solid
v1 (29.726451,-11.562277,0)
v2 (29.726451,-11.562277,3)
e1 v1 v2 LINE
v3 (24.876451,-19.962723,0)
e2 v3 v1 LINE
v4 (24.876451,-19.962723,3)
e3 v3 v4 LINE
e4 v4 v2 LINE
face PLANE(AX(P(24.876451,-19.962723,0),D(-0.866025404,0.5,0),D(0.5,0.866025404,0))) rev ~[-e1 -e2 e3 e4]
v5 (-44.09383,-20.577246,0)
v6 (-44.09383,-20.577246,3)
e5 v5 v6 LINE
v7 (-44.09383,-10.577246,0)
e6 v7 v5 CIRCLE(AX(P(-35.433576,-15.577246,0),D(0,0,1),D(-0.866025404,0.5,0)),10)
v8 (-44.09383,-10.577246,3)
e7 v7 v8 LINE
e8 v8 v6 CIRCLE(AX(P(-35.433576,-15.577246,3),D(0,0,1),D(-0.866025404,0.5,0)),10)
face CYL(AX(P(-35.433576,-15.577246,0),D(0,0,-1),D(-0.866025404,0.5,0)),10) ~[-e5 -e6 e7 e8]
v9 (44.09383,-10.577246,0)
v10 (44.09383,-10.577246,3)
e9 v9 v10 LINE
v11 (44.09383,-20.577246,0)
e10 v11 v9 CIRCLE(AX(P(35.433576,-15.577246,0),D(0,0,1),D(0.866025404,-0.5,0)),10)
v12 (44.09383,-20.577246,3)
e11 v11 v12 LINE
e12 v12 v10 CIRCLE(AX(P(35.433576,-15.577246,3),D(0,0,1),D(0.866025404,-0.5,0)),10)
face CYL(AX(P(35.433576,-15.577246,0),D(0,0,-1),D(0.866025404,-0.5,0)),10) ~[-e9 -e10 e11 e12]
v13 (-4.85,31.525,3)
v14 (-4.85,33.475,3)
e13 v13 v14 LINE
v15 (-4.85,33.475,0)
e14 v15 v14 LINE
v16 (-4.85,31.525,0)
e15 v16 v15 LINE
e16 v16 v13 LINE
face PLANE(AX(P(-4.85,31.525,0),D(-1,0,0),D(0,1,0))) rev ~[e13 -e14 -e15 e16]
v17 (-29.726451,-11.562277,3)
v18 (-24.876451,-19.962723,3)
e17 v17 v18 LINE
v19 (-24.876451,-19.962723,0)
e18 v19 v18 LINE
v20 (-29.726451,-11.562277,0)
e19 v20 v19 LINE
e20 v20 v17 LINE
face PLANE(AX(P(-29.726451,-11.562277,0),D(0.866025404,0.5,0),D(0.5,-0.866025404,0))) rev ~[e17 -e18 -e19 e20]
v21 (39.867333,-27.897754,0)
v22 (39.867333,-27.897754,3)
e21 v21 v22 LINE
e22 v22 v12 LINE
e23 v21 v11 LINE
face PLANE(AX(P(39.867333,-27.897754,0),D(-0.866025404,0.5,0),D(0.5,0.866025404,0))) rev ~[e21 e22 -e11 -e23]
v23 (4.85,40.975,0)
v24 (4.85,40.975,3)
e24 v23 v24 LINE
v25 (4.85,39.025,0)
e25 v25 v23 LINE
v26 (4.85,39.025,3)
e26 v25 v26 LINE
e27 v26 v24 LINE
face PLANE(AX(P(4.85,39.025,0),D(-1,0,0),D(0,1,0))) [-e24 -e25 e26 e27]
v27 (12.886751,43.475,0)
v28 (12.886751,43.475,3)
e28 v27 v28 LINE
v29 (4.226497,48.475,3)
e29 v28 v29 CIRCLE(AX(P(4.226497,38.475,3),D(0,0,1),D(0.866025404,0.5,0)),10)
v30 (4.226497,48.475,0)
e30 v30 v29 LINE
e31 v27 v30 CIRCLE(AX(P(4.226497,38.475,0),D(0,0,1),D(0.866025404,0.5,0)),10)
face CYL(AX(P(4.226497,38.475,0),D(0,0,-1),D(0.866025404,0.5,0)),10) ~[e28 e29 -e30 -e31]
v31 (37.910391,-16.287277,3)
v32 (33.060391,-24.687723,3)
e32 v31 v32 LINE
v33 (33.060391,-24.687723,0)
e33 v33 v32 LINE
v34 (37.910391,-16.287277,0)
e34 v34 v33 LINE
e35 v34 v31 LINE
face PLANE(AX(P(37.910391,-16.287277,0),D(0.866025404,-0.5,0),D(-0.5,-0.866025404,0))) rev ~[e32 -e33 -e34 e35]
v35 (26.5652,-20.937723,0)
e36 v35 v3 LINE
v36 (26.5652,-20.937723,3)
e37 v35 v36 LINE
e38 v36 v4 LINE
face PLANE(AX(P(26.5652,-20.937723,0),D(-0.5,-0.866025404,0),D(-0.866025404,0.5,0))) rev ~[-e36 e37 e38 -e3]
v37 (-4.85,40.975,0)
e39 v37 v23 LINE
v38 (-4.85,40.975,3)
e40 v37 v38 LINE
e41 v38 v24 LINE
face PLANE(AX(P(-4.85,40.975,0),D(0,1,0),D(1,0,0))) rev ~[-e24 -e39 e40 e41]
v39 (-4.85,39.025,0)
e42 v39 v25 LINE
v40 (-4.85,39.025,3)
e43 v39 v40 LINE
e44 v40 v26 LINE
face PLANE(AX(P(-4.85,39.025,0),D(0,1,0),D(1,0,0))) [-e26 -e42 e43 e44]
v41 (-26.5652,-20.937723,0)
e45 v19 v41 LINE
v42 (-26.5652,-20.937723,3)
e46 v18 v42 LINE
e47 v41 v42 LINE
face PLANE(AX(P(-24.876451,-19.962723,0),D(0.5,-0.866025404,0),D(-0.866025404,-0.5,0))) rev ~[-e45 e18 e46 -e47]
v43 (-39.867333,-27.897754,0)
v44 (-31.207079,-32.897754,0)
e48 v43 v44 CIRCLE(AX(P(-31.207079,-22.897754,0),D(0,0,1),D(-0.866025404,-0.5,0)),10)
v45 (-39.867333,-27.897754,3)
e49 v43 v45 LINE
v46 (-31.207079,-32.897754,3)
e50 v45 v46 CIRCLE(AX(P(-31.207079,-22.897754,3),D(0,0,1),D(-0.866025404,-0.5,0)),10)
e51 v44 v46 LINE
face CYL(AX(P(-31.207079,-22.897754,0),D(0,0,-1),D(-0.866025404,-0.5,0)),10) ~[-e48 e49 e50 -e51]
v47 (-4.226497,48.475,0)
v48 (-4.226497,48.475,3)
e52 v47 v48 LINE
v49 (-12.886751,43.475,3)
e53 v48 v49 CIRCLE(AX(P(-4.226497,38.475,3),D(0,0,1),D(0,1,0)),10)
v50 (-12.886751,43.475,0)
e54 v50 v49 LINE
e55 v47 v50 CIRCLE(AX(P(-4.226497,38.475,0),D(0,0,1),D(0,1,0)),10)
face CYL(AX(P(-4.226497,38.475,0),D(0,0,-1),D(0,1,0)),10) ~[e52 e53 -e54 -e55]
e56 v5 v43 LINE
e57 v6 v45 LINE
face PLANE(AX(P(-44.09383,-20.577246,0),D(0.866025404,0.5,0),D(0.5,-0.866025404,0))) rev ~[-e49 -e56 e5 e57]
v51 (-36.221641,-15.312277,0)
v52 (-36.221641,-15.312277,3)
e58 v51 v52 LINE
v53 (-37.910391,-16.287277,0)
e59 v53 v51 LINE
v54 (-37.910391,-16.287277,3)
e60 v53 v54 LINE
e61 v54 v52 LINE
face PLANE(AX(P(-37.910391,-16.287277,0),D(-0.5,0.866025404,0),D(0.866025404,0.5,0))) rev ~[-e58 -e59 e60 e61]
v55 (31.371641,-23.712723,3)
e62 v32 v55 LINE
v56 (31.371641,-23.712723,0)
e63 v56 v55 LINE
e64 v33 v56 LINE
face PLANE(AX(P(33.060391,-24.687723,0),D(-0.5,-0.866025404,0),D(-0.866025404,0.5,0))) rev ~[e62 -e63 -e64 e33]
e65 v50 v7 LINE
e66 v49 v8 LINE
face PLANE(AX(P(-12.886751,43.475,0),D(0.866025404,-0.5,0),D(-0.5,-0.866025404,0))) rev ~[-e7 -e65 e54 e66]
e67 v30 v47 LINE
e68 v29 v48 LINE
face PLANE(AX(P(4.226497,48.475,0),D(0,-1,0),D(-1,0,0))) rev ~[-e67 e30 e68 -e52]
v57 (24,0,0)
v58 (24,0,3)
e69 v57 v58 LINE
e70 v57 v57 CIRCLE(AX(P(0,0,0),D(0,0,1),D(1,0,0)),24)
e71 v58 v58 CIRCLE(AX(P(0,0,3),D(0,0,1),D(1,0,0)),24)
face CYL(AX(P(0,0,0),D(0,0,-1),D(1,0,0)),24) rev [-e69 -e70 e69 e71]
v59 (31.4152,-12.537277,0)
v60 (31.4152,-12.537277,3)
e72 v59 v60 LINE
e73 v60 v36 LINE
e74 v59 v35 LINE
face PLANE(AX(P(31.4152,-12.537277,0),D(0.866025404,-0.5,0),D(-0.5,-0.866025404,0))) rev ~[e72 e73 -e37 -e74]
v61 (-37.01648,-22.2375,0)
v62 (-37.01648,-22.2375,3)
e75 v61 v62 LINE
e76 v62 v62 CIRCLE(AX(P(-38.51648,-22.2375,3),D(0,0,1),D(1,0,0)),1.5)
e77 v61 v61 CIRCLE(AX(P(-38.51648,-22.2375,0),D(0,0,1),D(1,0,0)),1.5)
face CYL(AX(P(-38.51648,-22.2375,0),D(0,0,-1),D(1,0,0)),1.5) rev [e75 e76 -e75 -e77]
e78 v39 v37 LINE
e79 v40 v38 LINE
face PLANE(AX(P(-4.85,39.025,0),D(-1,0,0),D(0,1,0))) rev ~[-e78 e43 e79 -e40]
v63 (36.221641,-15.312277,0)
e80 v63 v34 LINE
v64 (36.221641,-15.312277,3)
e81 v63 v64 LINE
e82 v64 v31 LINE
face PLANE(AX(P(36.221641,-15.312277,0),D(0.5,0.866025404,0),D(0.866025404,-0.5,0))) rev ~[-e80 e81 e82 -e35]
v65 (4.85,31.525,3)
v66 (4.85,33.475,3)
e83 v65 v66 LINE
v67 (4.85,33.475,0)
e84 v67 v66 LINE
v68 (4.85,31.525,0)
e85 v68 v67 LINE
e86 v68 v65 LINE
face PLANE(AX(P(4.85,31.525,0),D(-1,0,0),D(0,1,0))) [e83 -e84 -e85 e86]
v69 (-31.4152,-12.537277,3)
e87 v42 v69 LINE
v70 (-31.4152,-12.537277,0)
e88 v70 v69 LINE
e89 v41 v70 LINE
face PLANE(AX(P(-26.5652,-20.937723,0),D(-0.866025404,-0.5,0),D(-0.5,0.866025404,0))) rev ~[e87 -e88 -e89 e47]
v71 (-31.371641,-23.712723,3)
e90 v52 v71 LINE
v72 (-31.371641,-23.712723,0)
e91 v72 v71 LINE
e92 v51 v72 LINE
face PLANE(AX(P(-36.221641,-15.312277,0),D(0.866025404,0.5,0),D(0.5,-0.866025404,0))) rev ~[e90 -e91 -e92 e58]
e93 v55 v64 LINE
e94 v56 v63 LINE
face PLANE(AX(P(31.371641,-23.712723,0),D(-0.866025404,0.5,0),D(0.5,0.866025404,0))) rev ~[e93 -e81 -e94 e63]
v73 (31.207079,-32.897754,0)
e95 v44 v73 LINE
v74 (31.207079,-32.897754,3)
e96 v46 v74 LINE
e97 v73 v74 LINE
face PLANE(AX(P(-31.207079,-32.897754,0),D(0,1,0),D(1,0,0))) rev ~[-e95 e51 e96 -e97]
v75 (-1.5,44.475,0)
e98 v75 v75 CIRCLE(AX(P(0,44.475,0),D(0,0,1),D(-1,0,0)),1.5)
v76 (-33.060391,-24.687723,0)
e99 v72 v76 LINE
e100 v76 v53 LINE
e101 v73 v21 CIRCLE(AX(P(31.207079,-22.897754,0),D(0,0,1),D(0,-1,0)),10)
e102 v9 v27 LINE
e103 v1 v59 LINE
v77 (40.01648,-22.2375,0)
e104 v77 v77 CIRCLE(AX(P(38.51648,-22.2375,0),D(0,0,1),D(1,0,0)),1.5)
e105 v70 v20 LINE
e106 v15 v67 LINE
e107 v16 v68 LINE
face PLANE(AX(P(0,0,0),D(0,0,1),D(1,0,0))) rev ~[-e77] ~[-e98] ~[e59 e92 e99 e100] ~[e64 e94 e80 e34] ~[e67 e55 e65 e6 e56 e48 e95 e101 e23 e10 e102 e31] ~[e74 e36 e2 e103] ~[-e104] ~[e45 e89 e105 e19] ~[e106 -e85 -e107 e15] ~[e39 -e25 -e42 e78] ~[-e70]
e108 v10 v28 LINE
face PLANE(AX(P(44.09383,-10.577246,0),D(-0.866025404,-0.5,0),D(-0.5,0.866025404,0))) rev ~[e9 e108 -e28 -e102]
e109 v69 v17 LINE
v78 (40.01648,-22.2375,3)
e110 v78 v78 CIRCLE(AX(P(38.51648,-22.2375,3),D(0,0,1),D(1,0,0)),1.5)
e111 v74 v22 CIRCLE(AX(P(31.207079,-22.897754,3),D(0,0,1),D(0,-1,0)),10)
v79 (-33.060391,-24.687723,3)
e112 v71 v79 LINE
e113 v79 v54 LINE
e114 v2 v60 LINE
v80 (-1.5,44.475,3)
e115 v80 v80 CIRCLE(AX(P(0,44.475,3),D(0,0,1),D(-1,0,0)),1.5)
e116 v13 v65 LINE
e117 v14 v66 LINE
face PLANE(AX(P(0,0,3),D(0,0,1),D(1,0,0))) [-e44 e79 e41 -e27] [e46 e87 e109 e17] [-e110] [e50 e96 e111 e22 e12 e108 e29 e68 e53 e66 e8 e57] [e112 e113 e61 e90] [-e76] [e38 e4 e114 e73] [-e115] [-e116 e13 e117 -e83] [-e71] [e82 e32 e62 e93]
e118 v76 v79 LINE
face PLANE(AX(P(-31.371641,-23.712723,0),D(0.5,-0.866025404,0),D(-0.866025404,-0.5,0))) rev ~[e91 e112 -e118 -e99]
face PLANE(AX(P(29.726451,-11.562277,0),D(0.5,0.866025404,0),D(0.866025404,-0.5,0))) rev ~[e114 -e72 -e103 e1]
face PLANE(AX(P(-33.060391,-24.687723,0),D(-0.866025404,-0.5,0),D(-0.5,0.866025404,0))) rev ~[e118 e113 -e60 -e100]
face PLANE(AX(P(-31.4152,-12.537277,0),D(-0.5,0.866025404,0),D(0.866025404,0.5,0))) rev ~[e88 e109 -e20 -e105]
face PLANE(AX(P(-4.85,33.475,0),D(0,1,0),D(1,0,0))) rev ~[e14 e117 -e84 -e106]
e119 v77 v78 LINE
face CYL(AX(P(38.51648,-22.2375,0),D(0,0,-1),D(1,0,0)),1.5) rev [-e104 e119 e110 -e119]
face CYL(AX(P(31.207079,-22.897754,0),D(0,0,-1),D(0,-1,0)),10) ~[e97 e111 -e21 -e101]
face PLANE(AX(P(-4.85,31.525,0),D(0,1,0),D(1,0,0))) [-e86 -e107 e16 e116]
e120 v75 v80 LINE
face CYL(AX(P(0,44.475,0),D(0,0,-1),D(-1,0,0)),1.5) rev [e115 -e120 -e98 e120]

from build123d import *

# Parameters (mm, degrees)
SKETCH_1_R      = 1.5
SKETCH_1_R_2    = 24
SKETCH_1_W      = 9.7
SKETCH_1_H      = 1.95
EXTRUDE_4_DEPTH = 3


with BuildPart() as part:
    # Эскиз1 → Бобышка-Вытянуть4 (new body)
    with BuildSketch(Plane.XY):
        with BuildLine():
            Line((-31.207078757, -32.897754038), (31.207078757, -32.897754038))
            ThreePointArc((31.207078757, -32.897754038), (36.207078757, -31.558008076), (39.867332794, -27.897754038))
            Line((39.867332794, -27.897754038), (44.093830103, -20.577245962))
            ThreePointArc((44.093830103, -20.577245962), (45.433576065, -15.577245962), (44.093830103, -10.577245962))
            Line((44.093830103, -10.577245962), (12.886751346, 43.475))
            ThreePointArc((12.886751346, 43.475), (9.226497308, 47.135254038), (4.226497308, 48.475))
            Line((4.226497308, 48.475), (-4.226497308, 48.475))
            ThreePointArc((-4.226497308, 48.475), (-9.226497308, 47.135254038), (-12.886751346, 43.475))
            Line((-12.886751346, 43.475), (-44.093830103, -10.577245962))
            ThreePointArc((-44.093830103, -10.577245962), (-45.433576065, -15.577245962), (-44.093830103, -20.577245962))
            Line((-44.093830103, -20.577245962), (-39.867332794, -27.897754038))
            ThreePointArc((-39.867332794, -27.897754038), (-36.207078757, -31.558008076), (-31.207078757, -32.897754038))
        make_face()
        with Locations((-38.516479833, -22.2375)):
            Circle(SKETCH_1_R, mode=Mode.SUBTRACT)
        with Locations(Location((0, 44.475, 0), (0, 0, 180))):
            Circle(SKETCH_1_R, mode=Mode.SUBTRACT)
        with Locations((38.516479833, -22.2375)):
            Circle(SKETCH_1_R, mode=Mode.SUBTRACT)
        Circle(SKETCH_1_R_2, mode=Mode.SUBTRACT)
        Polygon((-33.06039092, -24.687723208), (-37.91039092, -16.287276792), (-36.221641383, -15.312276792), (-31.371641383, -23.712723208), align=None, mode=Mode.SUBTRACT)
        with Locations((0, 40)):
            Rectangle(SKETCH_1_W, SKETCH_1_H, mode=Mode.SUBTRACT)
        Polygon((37.91039092, -16.287276792), (33.06039092, -24.687723208), (31.371641383, -23.712723208), (36.221641383, -15.312276792), align=None, mode=Mode.SUBTRACT)
        Polygon((-26.565200392, -20.937723208), (-31.415200392, -12.537276792), (-29.726450854, -11.562276792), (-24.876450854, -19.962723208), align=None, mode=Mode.SUBTRACT)
        with Locations((0, 32.5)):
            Rectangle(SKETCH_1_W, SKETCH_1_H, mode=Mode.SUBTRACT)
        Polygon((31.415200392, -12.537276792), (26.565200392, -20.937723208), (24.876450854, -19.962723208), (29.726450854, -11.562276792), align=None, mode=Mode.SUBTRACT)
    extrude(amount=EXTRUDE_4_DEPTH)


solid = part.part
